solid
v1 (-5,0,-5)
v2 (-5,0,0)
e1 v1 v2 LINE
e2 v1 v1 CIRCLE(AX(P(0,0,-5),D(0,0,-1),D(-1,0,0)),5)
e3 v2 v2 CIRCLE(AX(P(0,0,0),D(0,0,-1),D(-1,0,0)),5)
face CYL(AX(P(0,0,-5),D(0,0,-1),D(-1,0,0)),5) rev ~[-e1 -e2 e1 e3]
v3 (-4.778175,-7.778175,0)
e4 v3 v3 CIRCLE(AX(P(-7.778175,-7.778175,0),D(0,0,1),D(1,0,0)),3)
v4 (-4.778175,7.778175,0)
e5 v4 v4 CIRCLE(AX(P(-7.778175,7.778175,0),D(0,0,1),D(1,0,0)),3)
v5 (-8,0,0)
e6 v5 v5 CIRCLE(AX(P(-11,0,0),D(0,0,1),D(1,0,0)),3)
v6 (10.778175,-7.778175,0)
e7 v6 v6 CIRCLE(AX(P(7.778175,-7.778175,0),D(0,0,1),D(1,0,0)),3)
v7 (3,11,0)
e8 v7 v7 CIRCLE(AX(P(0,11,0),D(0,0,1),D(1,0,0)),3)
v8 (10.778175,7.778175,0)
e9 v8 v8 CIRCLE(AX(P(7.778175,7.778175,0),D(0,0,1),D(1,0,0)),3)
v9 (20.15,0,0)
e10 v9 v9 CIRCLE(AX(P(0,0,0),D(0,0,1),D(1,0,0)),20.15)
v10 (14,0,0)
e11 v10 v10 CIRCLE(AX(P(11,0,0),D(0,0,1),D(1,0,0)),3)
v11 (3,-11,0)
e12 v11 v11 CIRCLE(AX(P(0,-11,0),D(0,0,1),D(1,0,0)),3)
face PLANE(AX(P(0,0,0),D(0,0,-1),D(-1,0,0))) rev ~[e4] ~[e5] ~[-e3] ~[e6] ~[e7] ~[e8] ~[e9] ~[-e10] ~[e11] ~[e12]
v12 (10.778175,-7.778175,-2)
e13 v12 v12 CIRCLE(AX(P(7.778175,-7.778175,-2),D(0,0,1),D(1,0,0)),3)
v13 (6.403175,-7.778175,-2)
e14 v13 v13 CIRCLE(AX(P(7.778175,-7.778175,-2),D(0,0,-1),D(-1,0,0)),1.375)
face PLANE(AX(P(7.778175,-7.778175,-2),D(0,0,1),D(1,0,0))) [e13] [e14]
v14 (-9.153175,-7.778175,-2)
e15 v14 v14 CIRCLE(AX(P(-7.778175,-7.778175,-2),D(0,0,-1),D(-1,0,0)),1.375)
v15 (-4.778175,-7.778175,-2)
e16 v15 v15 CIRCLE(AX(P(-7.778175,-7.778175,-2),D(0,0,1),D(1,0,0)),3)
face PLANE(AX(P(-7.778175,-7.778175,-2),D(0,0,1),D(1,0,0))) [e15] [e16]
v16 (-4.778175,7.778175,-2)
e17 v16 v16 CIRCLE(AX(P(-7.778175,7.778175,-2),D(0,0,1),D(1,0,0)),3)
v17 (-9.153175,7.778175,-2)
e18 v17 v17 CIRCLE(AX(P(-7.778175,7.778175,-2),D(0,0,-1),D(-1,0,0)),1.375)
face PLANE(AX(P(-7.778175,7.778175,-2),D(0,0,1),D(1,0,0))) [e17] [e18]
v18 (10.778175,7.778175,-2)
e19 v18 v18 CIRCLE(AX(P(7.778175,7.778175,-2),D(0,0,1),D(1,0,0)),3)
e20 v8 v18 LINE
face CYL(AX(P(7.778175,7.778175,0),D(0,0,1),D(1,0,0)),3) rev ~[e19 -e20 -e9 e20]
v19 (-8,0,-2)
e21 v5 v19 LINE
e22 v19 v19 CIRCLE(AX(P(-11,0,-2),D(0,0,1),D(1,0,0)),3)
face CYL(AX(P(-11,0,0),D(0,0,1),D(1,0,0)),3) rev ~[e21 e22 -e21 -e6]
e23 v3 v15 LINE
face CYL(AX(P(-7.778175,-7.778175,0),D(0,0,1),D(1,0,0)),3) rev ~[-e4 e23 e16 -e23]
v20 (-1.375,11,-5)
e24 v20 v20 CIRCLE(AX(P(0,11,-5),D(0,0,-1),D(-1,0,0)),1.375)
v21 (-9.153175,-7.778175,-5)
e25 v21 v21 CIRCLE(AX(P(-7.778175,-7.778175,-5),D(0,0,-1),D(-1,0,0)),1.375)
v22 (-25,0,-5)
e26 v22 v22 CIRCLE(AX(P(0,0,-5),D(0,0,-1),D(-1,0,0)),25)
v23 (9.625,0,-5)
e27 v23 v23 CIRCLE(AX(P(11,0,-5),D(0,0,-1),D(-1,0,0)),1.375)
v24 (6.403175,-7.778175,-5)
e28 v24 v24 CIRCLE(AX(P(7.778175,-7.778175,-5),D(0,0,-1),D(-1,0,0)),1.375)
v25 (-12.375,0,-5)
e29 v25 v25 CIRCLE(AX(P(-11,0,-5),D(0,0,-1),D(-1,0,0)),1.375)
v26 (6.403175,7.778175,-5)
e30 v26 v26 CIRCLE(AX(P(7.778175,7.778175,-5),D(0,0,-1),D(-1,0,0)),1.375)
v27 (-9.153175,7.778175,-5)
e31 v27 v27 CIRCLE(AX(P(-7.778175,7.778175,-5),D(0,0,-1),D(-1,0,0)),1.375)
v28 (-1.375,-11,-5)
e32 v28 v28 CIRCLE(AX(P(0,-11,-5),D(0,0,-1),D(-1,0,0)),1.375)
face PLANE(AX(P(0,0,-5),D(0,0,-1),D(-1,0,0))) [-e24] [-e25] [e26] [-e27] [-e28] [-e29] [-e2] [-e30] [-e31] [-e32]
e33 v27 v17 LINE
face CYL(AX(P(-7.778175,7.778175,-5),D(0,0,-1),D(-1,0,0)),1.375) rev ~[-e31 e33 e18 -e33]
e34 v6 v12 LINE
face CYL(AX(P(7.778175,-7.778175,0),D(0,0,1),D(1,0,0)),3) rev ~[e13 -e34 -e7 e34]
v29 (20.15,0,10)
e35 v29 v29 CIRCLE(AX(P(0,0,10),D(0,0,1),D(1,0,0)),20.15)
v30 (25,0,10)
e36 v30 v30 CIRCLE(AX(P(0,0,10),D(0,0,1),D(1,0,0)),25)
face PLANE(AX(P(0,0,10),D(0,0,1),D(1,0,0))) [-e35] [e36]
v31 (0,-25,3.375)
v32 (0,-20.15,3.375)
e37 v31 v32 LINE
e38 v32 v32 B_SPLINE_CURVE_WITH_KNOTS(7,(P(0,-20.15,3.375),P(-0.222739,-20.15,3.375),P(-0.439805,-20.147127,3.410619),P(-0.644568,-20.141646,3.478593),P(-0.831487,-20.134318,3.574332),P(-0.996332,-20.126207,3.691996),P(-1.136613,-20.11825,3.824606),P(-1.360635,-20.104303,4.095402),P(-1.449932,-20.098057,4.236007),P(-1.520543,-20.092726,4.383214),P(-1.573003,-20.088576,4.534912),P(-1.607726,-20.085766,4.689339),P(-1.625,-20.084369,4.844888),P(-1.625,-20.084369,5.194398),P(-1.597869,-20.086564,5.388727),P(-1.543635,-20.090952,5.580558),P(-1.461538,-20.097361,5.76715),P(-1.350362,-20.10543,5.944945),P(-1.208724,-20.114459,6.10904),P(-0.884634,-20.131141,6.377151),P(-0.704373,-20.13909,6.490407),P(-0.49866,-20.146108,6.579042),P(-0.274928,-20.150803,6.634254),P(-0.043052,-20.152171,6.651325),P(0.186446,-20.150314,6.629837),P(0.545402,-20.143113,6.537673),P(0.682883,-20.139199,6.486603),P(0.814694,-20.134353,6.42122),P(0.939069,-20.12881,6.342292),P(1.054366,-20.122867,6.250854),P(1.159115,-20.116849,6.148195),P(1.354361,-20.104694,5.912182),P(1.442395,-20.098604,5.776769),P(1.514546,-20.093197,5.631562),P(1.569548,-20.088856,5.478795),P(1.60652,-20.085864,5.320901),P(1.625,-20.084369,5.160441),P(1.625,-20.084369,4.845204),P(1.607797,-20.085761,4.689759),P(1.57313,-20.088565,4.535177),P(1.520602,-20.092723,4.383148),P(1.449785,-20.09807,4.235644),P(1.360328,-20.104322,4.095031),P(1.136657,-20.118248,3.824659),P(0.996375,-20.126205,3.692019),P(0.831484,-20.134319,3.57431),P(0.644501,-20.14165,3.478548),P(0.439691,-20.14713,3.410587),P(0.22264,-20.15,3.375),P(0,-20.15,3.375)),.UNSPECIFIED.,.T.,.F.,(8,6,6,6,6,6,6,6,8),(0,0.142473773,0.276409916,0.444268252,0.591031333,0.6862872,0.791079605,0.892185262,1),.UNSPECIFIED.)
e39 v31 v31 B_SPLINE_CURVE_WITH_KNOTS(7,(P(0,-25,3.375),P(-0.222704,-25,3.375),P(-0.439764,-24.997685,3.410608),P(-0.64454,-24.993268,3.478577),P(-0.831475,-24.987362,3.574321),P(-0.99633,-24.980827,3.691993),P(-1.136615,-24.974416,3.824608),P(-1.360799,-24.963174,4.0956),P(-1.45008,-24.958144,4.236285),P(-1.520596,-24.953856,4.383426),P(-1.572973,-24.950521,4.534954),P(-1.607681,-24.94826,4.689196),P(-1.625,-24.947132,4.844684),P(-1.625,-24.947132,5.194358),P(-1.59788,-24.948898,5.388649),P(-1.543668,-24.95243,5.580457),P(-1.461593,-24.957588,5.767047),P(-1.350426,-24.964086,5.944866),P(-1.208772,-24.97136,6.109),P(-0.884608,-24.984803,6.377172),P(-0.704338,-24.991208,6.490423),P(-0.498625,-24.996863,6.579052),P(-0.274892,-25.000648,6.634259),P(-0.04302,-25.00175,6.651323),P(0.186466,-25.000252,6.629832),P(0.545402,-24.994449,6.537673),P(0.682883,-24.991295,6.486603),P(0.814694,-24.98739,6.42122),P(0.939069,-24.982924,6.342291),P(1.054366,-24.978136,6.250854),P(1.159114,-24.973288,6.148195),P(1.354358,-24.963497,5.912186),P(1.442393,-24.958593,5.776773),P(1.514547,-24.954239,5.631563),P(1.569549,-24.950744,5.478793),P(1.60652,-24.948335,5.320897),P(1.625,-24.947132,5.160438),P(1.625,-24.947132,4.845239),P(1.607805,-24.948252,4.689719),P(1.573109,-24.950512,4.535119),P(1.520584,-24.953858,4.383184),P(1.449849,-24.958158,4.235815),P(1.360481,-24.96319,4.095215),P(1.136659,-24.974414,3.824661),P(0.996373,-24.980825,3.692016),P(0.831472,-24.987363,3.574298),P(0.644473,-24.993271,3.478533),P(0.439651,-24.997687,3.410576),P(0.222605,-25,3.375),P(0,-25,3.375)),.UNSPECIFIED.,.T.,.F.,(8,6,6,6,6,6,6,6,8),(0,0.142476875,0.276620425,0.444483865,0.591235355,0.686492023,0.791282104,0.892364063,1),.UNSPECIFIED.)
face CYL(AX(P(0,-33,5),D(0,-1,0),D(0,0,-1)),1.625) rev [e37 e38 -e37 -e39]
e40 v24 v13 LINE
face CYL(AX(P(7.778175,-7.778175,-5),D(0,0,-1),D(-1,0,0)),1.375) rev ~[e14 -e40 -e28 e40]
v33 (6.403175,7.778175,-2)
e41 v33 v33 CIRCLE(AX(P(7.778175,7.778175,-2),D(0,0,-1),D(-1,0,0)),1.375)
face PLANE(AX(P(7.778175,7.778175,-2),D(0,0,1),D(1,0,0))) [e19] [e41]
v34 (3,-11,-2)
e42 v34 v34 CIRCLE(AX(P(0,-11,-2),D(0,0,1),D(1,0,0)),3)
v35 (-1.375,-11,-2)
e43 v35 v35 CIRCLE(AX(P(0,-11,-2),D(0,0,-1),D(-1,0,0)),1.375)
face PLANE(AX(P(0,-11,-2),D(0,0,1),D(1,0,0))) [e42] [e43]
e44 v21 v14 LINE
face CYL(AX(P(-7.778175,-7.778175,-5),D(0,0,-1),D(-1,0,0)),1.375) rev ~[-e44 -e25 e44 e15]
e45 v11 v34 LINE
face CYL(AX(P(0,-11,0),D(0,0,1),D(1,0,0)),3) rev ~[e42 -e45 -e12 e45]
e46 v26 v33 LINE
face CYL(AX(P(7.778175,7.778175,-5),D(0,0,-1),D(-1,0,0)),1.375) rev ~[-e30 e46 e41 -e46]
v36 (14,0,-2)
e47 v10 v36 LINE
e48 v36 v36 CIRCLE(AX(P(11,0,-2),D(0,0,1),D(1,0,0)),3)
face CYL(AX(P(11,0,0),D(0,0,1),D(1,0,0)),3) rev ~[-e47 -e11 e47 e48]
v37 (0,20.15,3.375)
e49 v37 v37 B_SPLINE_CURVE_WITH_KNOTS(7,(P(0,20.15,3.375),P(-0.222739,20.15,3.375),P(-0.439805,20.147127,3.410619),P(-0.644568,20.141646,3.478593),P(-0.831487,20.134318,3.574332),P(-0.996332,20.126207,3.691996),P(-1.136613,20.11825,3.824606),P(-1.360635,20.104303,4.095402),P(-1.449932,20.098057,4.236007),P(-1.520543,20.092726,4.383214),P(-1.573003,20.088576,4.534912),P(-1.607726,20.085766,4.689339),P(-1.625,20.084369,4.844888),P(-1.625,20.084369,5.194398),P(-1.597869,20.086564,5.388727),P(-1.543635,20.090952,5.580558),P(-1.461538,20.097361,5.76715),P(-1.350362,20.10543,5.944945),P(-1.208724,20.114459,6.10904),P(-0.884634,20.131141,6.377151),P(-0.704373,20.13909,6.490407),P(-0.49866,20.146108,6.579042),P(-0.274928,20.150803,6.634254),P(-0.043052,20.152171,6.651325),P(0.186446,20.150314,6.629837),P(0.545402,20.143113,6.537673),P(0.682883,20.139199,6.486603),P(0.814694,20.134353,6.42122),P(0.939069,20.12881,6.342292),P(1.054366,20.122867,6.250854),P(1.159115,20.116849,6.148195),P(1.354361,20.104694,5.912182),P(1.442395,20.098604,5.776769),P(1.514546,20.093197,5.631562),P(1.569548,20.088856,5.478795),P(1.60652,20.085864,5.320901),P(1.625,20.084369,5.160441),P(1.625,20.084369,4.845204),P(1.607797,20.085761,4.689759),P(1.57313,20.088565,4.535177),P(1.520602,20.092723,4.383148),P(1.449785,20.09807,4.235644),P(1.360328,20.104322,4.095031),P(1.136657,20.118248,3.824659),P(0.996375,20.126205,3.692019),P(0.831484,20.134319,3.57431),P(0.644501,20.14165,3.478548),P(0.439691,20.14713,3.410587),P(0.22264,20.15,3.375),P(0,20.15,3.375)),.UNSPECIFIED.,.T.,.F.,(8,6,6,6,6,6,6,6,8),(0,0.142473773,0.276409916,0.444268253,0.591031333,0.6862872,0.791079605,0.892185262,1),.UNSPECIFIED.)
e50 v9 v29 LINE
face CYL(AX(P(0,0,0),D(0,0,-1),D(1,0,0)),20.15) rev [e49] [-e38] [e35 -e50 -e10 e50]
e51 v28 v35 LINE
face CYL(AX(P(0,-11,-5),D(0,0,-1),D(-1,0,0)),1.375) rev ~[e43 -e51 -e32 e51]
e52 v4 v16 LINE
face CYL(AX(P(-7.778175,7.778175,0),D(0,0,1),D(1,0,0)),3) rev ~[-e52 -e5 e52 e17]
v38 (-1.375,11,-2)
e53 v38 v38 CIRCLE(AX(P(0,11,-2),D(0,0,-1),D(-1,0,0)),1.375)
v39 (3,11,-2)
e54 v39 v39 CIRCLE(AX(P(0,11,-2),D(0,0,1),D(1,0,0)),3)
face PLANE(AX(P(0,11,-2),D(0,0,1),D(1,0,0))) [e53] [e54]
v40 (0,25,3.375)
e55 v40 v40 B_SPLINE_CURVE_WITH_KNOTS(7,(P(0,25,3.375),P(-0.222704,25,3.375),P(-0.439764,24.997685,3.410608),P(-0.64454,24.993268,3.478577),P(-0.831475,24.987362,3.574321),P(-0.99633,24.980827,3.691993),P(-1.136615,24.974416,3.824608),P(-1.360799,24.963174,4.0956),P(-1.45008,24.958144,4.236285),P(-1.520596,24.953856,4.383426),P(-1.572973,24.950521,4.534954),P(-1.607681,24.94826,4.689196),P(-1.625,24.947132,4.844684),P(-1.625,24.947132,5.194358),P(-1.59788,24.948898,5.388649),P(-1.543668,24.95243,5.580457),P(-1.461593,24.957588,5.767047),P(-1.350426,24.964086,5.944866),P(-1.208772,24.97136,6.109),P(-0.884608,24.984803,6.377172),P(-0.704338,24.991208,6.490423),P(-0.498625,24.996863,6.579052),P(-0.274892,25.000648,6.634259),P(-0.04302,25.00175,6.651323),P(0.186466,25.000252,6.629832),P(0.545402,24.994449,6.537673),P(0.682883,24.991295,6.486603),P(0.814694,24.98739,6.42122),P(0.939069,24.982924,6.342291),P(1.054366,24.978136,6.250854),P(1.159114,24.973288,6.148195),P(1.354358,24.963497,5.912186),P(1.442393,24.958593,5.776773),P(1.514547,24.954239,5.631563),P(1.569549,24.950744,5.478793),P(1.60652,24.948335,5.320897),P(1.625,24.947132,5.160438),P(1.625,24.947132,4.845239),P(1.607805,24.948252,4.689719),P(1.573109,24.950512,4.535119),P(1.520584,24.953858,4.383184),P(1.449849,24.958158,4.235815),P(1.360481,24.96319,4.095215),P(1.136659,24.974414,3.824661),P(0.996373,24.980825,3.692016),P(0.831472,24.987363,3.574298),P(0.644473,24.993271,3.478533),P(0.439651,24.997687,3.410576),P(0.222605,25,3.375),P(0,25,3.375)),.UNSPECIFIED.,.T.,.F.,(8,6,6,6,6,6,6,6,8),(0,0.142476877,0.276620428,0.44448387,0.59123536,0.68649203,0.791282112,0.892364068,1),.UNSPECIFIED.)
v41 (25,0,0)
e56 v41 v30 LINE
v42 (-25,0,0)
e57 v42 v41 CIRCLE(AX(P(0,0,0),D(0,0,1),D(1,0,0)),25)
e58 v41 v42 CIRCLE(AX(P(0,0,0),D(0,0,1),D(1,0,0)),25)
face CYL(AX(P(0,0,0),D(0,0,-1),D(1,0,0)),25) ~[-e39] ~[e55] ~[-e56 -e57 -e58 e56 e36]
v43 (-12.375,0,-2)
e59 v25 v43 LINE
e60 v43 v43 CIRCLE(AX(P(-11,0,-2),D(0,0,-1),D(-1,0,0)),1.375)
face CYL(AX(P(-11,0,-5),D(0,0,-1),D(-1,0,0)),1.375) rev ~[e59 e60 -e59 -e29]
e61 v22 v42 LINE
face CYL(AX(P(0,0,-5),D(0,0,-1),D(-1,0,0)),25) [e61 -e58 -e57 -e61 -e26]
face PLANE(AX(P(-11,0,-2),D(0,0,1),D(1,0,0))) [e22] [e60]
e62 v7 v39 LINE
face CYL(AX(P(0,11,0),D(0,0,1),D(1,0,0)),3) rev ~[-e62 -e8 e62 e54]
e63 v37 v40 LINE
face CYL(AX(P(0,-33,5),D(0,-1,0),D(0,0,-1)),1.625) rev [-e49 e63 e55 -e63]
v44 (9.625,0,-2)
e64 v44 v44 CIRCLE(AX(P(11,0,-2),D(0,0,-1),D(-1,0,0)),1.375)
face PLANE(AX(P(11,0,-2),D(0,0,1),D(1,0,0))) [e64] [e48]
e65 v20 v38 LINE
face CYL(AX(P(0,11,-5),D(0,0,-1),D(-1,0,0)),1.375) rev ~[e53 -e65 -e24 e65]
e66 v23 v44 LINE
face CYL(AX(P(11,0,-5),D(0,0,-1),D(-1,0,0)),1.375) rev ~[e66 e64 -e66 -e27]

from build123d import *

# Parameters (mm, degrees)
SKETCH1_R               = 25
SKETCH1_R_2             = 20.15
BOSS_EXTRUDE1_DEPTH     = 10
BOSS_EXTRUDE2_START     = 5
SKETCH2_R               = 25
SKETCH2_R_2             = 1.375
SKETCH2_R_3             = 5
BOSS_EXTRUDE2_DEPTH     = 5
SKETCH3_R               = 3
CUT_EXTRUDE1_DEPTH      = 2
CUT_EXTRUDE2_DEPTH      = 38
CUT_EXTRUDE2_DEPTH_BACK = 33
SKETCH4_R               = 1.625


with BuildPart() as part:
    # Sketch1 → Boss-Extrude1 (new body)
    with BuildSketch(Plane.XY):
        Circle(SKETCH1_R)
        Circle(SKETCH1_R_2, mode=Mode.SUBTRACT)
    extrude(amount=BOSS_EXTRUDE1_DEPTH)

    # Sketch2 → Boss-Extrude2 (add)
    with BuildSketch(Plane(origin=(0, 0, 0), x_dir=(-1, 0, 0), z_dir=(0, 0, -1)).offset(BOSS_EXTRUDE2_START)):
        Circle(SKETCH2_R)
        with Locations((-11, 0)):
            Circle(SKETCH2_R_2, mode=Mode.SUBTRACT)
        with Locations((-7.778174593, 7.778174593)):
            Circle(SKETCH2_R_2, mode=Mode.SUBTRACT)
        with Locations((0, 11)):
            Circle(SKETCH2_R_2, mode=Mode.SUBTRACT)
        with Locations((7.778174593, 7.778174593)):
            Circle(SKETCH2_R_2, mode=Mode.SUBTRACT)
        with Locations((11, 0)):
            Circle(SKETCH2_R_2, mode=Mode.SUBTRACT)
        with Locations((7.778174593, -7.778174593)):
            Circle(SKETCH2_R_2, mode=Mode.SUBTRACT)
        with Locations((0, -11)):
            Circle(SKETCH2_R_2, mode=Mode.SUBTRACT)
        with Locations((-7.778174593, -7.778174593)):
            Circle(SKETCH2_R_2, mode=Mode.SUBTRACT)
        Circle(SKETCH2_R_3, mode=Mode.SUBTRACT)
    extrude(amount=-BOSS_EXTRUDE2_DEPTH)

    # Sketch3 → Cut-Extrude1 (cut)
    with BuildSketch(Plane.XY):
        with Locations((0, 11)):
            Circle(SKETCH3_R)
        with Locations((7.778174593, 7.778174593)):
            Circle(SKETCH3_R)
        with Locations((11, 0)):
            Circle(SKETCH3_R)
        with Locations((7.778174593, -7.778174593)):
            Circle(SKETCH3_R)
        with Locations((0, -11)):
            Circle(SKETCH3_R)
        with Locations((-7.778174593, -7.778174593)):
            Circle(SKETCH3_R)
        with Locations((-11, 0)):
            Circle(SKETCH3_R)
        with Locations((-7.778174593, 7.778174593)):
            Circle(SKETCH3_R)
    extrude(amount=-CUT_EXTRUDE1_DEPTH, mode=Mode.SUBTRACT)

    # Sketch4 → Cut-Extrude2 (cut, two sides: drawn at the far end of the back side and taken through both)
    with BuildSketch(Plane(origin=(0, 0, 0), x_dir=(1, 0, 0), z_dir=(0, 1, 0)).offset(-CUT_EXTRUDE2_DEPTH_BACK)):
        with Locations(Location((0, -5, 0), (0, 0, 90))):
            Circle(SKETCH4_R)
    extrude(amount=CUT_EXTRUDE2_DEPTH + CUT_EXTRUDE2_DEPTH_BACK, mode=Mode.SUBTRACT)


solid = part.part
